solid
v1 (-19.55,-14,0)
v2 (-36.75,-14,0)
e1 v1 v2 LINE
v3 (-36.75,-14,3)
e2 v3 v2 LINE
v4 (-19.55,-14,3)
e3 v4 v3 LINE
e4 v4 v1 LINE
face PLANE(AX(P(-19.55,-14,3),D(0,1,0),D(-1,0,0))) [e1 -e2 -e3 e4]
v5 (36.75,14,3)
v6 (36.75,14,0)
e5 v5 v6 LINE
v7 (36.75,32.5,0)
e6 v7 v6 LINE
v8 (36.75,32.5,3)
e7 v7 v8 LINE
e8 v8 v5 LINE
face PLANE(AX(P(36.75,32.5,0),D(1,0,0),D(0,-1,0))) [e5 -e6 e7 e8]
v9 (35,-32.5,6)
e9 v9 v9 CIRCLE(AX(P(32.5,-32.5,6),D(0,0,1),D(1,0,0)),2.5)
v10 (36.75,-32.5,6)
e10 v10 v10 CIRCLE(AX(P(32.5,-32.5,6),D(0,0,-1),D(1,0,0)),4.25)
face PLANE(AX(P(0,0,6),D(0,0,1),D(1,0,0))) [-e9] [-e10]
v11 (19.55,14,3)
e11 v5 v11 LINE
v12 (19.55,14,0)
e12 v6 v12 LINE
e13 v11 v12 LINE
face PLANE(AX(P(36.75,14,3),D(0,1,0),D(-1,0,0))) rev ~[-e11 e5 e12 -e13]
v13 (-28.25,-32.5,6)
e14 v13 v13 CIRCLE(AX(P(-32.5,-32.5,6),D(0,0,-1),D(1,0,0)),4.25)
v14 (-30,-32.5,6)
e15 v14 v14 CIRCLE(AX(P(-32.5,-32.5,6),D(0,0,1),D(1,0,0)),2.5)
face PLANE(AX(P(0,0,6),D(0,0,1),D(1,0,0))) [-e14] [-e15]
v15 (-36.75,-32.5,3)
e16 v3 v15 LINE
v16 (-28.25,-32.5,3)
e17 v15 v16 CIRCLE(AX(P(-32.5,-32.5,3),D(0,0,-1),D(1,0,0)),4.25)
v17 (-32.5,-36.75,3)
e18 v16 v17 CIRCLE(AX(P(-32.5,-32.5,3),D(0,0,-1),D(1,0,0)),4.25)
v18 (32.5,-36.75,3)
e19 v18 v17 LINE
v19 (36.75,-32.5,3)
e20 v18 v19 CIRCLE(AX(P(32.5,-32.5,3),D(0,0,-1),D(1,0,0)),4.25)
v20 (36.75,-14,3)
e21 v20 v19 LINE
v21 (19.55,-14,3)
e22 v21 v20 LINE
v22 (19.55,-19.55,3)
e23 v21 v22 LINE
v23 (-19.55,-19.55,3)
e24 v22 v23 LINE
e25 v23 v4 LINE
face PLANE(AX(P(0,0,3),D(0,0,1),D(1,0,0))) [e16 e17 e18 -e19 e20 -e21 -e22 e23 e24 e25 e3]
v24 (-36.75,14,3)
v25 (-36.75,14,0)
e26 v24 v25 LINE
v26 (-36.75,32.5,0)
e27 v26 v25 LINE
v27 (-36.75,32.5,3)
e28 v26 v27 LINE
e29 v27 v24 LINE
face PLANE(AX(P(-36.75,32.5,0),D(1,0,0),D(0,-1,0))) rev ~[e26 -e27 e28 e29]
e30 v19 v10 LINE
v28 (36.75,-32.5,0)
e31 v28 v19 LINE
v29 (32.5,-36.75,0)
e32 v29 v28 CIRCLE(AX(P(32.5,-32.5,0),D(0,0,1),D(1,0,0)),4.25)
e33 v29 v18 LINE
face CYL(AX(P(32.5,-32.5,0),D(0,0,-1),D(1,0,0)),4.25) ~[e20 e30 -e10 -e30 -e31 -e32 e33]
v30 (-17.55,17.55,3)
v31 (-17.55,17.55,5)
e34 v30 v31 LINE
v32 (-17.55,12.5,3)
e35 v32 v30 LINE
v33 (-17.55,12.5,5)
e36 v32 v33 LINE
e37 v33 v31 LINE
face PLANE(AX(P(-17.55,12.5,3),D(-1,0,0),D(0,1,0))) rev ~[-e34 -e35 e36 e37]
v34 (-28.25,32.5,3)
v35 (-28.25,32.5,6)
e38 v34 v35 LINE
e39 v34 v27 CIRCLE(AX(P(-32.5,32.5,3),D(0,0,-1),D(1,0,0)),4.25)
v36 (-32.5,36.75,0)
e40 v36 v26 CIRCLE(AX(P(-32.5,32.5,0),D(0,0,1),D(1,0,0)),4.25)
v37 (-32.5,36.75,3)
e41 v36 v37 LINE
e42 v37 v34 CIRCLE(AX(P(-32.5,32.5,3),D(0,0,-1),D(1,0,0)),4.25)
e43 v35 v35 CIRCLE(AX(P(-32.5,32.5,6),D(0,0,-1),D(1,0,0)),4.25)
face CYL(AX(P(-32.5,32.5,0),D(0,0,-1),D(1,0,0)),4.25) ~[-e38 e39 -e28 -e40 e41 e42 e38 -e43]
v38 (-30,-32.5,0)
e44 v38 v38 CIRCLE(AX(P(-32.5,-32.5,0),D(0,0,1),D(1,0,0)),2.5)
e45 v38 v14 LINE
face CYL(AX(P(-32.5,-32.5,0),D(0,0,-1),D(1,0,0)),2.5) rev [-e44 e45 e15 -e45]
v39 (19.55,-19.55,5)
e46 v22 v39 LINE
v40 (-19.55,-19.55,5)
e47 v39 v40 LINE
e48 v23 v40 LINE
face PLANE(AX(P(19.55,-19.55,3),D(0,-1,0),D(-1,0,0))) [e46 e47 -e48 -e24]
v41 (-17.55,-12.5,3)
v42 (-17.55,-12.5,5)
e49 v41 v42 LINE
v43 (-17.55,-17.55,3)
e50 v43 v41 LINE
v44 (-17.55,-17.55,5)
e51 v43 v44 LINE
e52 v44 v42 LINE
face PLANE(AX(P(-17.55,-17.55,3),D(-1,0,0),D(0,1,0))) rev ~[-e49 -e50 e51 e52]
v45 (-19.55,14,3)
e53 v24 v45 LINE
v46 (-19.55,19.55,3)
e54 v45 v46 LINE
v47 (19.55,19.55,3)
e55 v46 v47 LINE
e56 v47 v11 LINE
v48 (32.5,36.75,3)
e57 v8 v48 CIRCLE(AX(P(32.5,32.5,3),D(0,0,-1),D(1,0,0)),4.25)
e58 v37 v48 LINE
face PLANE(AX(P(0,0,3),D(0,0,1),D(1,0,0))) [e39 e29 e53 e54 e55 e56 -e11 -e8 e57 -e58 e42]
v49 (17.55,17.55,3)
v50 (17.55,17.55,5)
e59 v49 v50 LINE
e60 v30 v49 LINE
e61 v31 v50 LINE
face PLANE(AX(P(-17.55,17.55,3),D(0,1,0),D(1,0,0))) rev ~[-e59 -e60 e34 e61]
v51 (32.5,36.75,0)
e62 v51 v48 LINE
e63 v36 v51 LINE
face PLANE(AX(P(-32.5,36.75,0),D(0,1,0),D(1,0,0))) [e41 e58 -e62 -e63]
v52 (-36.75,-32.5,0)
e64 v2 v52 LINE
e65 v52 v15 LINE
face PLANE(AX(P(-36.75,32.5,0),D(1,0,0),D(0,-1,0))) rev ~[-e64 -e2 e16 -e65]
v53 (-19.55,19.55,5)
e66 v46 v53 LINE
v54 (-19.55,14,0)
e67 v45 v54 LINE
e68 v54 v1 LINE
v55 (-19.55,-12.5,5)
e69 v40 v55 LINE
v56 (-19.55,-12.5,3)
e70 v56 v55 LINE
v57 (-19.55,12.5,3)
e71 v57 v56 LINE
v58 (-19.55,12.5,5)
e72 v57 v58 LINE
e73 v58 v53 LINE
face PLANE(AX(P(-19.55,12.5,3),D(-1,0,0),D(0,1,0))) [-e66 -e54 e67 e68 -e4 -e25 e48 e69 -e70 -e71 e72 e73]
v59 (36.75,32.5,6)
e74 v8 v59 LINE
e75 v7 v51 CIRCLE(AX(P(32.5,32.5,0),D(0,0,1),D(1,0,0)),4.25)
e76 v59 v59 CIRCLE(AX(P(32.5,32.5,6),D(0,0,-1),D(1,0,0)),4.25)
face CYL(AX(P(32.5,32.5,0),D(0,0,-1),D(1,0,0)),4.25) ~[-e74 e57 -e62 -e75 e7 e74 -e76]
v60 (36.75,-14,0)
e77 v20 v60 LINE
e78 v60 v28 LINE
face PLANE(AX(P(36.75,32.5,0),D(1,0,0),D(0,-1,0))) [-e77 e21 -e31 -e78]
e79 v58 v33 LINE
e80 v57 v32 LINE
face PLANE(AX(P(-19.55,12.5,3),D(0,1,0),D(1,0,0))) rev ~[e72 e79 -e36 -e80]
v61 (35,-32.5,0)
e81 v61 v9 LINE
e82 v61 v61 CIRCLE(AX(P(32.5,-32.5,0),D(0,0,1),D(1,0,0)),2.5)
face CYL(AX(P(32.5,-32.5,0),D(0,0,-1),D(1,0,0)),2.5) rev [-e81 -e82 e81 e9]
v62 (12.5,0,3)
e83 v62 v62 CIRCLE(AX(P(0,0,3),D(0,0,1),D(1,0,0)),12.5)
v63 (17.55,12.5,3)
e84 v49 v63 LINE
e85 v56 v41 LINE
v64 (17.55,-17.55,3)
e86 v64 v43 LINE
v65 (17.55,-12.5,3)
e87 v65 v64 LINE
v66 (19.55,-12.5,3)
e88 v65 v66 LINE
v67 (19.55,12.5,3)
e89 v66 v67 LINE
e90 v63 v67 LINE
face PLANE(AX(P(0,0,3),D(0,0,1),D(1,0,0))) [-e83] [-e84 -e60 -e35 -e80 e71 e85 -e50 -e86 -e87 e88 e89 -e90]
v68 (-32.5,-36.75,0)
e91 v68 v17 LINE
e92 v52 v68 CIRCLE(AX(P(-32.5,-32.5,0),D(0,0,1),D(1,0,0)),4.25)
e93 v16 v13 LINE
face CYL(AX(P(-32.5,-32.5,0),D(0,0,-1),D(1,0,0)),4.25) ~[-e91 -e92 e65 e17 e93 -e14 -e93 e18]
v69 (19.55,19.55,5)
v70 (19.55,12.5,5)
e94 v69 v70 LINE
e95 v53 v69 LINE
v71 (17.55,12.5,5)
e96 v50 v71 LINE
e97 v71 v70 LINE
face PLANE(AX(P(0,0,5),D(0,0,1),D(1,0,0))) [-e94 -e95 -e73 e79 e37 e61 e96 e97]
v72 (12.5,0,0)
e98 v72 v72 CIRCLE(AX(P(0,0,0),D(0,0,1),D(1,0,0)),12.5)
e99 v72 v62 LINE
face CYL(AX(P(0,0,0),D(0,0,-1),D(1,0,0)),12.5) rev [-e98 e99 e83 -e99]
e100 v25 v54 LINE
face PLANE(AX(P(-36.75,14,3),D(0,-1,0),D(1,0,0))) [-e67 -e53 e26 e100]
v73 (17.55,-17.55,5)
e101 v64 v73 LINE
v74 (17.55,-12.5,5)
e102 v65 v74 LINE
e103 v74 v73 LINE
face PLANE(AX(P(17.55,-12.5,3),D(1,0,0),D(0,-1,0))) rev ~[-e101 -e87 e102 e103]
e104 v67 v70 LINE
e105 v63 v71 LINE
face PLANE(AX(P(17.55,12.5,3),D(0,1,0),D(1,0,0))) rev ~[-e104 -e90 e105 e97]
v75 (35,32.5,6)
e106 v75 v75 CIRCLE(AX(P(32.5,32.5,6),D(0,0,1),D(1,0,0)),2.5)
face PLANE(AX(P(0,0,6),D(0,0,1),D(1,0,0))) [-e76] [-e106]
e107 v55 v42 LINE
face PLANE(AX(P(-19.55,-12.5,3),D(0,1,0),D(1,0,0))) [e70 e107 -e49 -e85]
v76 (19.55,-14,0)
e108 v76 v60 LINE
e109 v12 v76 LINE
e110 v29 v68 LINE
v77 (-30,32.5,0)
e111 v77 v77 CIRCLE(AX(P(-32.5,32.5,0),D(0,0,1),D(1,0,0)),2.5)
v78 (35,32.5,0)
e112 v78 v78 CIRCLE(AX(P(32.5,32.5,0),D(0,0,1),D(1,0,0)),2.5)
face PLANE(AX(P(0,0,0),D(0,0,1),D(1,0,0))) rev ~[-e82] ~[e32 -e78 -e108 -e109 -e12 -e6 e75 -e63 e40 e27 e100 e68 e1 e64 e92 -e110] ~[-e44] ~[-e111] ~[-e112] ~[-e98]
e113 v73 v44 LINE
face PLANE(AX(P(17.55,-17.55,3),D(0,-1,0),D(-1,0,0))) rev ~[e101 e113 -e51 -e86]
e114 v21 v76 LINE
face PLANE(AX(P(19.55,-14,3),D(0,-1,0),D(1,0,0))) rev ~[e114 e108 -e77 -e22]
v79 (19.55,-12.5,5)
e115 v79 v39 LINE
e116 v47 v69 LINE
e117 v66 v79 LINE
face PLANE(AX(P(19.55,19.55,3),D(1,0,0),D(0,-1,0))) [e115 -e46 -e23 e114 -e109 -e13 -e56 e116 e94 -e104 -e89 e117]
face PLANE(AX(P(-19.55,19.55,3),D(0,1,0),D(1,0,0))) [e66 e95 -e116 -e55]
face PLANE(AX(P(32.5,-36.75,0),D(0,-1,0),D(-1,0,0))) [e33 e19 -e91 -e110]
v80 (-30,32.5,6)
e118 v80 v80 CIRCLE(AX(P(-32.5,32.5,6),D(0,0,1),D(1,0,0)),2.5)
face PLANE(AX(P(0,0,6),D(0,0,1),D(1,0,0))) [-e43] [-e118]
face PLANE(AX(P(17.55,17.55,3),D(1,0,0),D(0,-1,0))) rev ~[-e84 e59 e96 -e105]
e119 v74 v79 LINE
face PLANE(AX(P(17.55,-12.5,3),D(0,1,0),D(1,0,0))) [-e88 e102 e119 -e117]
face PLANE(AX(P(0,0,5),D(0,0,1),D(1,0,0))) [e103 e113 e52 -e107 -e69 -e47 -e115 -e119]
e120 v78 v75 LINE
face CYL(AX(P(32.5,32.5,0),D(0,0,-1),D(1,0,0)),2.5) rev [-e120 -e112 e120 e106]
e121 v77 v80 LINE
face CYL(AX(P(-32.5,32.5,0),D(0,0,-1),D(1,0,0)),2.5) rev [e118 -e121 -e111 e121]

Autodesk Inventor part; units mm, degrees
ref_plane "YZ Plane" through (0, 0, 0) normal (1, 0, 0) x (0, 1, 0)
ref_plane "XZ Plane" through (0, 0, 0) normal (0, 1, 0) x (-1, 0, 0)
ref_plane "XY Plane" through (0, 0, 0) normal (0, 0, 1) x (1, 0, 0)
sketch "Sketch1" plane through (0, 0, 0) normal (0, 0, 1) x (1, 0, 0)
  line L0 (-32.5, 32.5) -> (32.5, 32.5) construction
  line L1 (32.5, 32.5) -> (32.5, -32.5) construction
  line L2 (32.5, -32.5) -> (-32.5, -32.5) construction
  line L3 (-32.5, -32.5) -> (-32.5, 32.5) construction
  circle A0 centre (-32.5, 32.5) radius 2.5
  circle A1 centre (32.5, 32.5) radius 2.5
  circle A2 centre (-32.5, -32.5) radius 2.5
  circle A3 centre (32.5, -32.5) radius 2.5
  line L4 (-32.5, 32.5) -> (32.5, -32.5) construction
  circle A4 centre (0, 0) radius 12.5
  circle A5 centre (-32.5, 32.5) radius 4.25
  circle A6 centre (32.5, 32.5) radius 4.25
  circle A7 centre (-32.5, -32.5) radius 4.25
  circle A8 centre (32.5, -32.5) radius 4.25
  line L5 (-32.5, 36.75) -> (32.5, 36.75)
  line L6 (32.5, -36.75) -> (-32.5, -36.75)
  line L7 (-36.75, 32.5) -> (-36.75, -32.5)
  line L8 (36.75, 32.5) -> (36.75, -32.5)
  dimension "d1" = 65
  dimension "d2" = 5
  dimension "d4" = 25
  dimension "d16" = 8.5
extrude "Extrusion1" add sketch "Sketch1" along normal blind 3
sketch "Sketch2" plane through (0, 0, 3) normal (0, 0, 1) x (1, 0, 0)
  line L0 (-17.55, 17.55) -> (17.55, 17.55)
  line L1 (17.55, -17.55) -> (-17.55, -17.55)
  line L2 (0, 17.55) -> (0, 36.75) construction
  line L3 (0, -17.55) -> (0, -36.75) construction
  line L4 (-19.55, 19.55) -> (19.55, 19.55)
  line L5 (19.55, -19.55) -> (-19.55, -19.55)
  line L6 (17.55, 17.55) -> (19.55, 19.55) construction
  line L7 (-17.55, 17.55) -> (-19.55, 19.55) construction
  line L8 (-19.55, -19.55) -> (-17.55, -17.55) construction
  line L9 (17.55, -17.55) -> (19.55, -19.55) construction
  circle A0 centre (0, 0) radius 12.5 projected
  circle A1 centre (-32.5, -32.5) radius 2.5 projected
  circle A2 centre (32.5, -32.5) radius 2.5 projected
  circle A3 centre (32.5, 32.5) radius 2.5 projected
  circle A4 centre (-32.5, 32.5) radius 2.5 projected
  arc A5 (32.5, -36.75) -> (36.75, -32.5) centre (32.5, -32.5) ccw projected
  line L10 (36.75, -32.5) -> (36.75, 32.5) projected
  arc A6 (36.75, 32.5) -> (32.5, 36.75) centre (32.5, 32.5) ccw projected
  line L11 (32.5, 36.75) -> (-32.5, 36.75) projected
  arc A7 (-32.5, 36.75) -> (-36.75, 32.5) centre (-32.5, 32.5) ccw projected
  line L12 (-36.75, 32.5) -> (-36.75, -32.5) projected
  arc A8 (-36.75, -32.5) -> (-32.5, -36.75) centre (-32.5, -32.5) ccw projected
  line L13 (-32.5, -36.75) -> (32.5, -36.75) projected
  line L14 (-32.5, -36.75) -> (32.5, -36.75) projected
  line L15 (36.75, -32.5) -> (36.75, 32.5) projected
  line L16 (32.5, 36.75) -> (-32.5, 36.75) projected
  line L17 (-19.55, 12.5) -> (-17.55, 12.5)
  line L18 (-19.55, -12.5) -> (-17.55, -12.5)
  line L19 (-19.55, -19.55) -> (-19.55, -12.5)
  line L20 (-19.55, 12.5) -> (-19.55, 19.55)
  line L21 (-17.55, -17.55) -> (-17.55, -12.5)
  line L22 (-17.55, 12.5) -> (-17.55, 17.55)
  line L23 (17.55, 12.5) -> (19.55, 12.5)
  line L24 (17.55, -12.5) -> (19.55, -12.5)
  line L25 (17.55, 17.55) -> (17.55, 12.5)
  line L26 (17.55, -12.5) -> (17.55, -17.55)
  line L27 (19.55, 19.55) -> (19.55, 12.5)
  line L28 (19.55, -12.5) -> (19.55, -19.55)
  line L29 (-17.55, 17.55) -> (0, 0) construction
  line L30 (0, 0) -> (-17.55, -17.55) construction
  line L31 (0, 0) -> (17.55, 17.55) construction
  line L32 (0, 0) -> (17.55, -17.55) construction
  dimension "d7" = 35.1
  dimension "d23" = 25
  dimension "d24" = 2
  dimension "d31" = 2
extrude "Extrusion2" add sketch "Sketch2" along normal blind 2 contours L22 L17 L20 L4 L27 L23 L25 L0 | L26 L24 L28 L5 L19 L18 L21 L1
extrude "Extrusion4" add sketch "Sketch1" along normal blind 6 contours A5 | A6 | A7 | A8
sketch "Sketch4" plane through (0, 0, 3) normal (0, 0, 1) x (1, 0, 0)
  line L0 (19.55, 19.55) -> (19.55, 12.5) projected
  line L1 (-19.55, 19.55) -> (19.55, 19.55) projected
  arc A0 (36.75, -32.5) -> (32.5, -36.75) centre (32.5, -32.5) ccw projected
  line L2 (36.75, -32.5) -> (36.75, 32.5) projected
  arc A1 (32.5, 36.75) -> (36.75, 32.5) centre (32.5, 32.5) ccw projected
  line L3 (32.5, 36.75) -> (-32.5, 36.75) projected
  arc A2 (-36.75, 32.5) -> (-32.5, 36.75) centre (-32.5, 32.5) ccw projected
  line L4 (-36.75, 32.5) -> (-36.75, -32.5) projected
  arc A3 (-32.5, -36.75) -> (-36.75, -32.5) centre (-32.5, -32.5) ccw projected
  line L5 (-32.5, -36.75) -> (32.5, -36.75) projected
  line L6 (-19.55, 14) -> (-19.55, -14)
  line L7 (-19.55, -14) -> (-36.75, -14)
  line L8 (-36.75, -14) -> (-36.75, 14)
  line L9 (-36.75, 14) -> (-19.55, 14)
  line L10 (32.5, 36.75) -> (-32.5, 36.75) construction
  line L11 (0, 36.75) -> (0, -36.75) construction
  line L12 (19.55, 14) -> (19.55, -14)
  line L13 (19.55, -14) -> (36.75, -14)
  line L14 (36.75, -14) -> (36.75, 14)
  line L15 (36.75, 14) -> (19.55, 14)
  line L16 (-17.55, 17.55) -> (-17.55, 12.5) projected
  line L17 (-17.55, 12.5) -> (-19.55, 12.5) projected
  line L18 (-19.55, 12.5) -> (-19.55, 19.55) projected
  line L19 (19.55, 12.5) -> (17.55, 12.5) projected
  line L20 (17.55, 12.5) -> (17.55, 17.55) projected
  line L21 (17.55, 17.55) -> (-17.55, 17.55) projected
  point P0 (0, 0)
  point P1 (-36.75, 0)
  point P2 (36.75, 0)
  dimension "d20" = 28
extrude "Extrusion5" cut sketch "Sketch4" against normal through all contours L15 L2 L13 L12 L0 | L6 L7 L4 L9
sketch "Sketch5" plane through (0, 0, 5) normal (0, 0, 1) x (1, 0, 0)
  point P0 (0, 0)
properties part number "35mm glass cuvette holder"
